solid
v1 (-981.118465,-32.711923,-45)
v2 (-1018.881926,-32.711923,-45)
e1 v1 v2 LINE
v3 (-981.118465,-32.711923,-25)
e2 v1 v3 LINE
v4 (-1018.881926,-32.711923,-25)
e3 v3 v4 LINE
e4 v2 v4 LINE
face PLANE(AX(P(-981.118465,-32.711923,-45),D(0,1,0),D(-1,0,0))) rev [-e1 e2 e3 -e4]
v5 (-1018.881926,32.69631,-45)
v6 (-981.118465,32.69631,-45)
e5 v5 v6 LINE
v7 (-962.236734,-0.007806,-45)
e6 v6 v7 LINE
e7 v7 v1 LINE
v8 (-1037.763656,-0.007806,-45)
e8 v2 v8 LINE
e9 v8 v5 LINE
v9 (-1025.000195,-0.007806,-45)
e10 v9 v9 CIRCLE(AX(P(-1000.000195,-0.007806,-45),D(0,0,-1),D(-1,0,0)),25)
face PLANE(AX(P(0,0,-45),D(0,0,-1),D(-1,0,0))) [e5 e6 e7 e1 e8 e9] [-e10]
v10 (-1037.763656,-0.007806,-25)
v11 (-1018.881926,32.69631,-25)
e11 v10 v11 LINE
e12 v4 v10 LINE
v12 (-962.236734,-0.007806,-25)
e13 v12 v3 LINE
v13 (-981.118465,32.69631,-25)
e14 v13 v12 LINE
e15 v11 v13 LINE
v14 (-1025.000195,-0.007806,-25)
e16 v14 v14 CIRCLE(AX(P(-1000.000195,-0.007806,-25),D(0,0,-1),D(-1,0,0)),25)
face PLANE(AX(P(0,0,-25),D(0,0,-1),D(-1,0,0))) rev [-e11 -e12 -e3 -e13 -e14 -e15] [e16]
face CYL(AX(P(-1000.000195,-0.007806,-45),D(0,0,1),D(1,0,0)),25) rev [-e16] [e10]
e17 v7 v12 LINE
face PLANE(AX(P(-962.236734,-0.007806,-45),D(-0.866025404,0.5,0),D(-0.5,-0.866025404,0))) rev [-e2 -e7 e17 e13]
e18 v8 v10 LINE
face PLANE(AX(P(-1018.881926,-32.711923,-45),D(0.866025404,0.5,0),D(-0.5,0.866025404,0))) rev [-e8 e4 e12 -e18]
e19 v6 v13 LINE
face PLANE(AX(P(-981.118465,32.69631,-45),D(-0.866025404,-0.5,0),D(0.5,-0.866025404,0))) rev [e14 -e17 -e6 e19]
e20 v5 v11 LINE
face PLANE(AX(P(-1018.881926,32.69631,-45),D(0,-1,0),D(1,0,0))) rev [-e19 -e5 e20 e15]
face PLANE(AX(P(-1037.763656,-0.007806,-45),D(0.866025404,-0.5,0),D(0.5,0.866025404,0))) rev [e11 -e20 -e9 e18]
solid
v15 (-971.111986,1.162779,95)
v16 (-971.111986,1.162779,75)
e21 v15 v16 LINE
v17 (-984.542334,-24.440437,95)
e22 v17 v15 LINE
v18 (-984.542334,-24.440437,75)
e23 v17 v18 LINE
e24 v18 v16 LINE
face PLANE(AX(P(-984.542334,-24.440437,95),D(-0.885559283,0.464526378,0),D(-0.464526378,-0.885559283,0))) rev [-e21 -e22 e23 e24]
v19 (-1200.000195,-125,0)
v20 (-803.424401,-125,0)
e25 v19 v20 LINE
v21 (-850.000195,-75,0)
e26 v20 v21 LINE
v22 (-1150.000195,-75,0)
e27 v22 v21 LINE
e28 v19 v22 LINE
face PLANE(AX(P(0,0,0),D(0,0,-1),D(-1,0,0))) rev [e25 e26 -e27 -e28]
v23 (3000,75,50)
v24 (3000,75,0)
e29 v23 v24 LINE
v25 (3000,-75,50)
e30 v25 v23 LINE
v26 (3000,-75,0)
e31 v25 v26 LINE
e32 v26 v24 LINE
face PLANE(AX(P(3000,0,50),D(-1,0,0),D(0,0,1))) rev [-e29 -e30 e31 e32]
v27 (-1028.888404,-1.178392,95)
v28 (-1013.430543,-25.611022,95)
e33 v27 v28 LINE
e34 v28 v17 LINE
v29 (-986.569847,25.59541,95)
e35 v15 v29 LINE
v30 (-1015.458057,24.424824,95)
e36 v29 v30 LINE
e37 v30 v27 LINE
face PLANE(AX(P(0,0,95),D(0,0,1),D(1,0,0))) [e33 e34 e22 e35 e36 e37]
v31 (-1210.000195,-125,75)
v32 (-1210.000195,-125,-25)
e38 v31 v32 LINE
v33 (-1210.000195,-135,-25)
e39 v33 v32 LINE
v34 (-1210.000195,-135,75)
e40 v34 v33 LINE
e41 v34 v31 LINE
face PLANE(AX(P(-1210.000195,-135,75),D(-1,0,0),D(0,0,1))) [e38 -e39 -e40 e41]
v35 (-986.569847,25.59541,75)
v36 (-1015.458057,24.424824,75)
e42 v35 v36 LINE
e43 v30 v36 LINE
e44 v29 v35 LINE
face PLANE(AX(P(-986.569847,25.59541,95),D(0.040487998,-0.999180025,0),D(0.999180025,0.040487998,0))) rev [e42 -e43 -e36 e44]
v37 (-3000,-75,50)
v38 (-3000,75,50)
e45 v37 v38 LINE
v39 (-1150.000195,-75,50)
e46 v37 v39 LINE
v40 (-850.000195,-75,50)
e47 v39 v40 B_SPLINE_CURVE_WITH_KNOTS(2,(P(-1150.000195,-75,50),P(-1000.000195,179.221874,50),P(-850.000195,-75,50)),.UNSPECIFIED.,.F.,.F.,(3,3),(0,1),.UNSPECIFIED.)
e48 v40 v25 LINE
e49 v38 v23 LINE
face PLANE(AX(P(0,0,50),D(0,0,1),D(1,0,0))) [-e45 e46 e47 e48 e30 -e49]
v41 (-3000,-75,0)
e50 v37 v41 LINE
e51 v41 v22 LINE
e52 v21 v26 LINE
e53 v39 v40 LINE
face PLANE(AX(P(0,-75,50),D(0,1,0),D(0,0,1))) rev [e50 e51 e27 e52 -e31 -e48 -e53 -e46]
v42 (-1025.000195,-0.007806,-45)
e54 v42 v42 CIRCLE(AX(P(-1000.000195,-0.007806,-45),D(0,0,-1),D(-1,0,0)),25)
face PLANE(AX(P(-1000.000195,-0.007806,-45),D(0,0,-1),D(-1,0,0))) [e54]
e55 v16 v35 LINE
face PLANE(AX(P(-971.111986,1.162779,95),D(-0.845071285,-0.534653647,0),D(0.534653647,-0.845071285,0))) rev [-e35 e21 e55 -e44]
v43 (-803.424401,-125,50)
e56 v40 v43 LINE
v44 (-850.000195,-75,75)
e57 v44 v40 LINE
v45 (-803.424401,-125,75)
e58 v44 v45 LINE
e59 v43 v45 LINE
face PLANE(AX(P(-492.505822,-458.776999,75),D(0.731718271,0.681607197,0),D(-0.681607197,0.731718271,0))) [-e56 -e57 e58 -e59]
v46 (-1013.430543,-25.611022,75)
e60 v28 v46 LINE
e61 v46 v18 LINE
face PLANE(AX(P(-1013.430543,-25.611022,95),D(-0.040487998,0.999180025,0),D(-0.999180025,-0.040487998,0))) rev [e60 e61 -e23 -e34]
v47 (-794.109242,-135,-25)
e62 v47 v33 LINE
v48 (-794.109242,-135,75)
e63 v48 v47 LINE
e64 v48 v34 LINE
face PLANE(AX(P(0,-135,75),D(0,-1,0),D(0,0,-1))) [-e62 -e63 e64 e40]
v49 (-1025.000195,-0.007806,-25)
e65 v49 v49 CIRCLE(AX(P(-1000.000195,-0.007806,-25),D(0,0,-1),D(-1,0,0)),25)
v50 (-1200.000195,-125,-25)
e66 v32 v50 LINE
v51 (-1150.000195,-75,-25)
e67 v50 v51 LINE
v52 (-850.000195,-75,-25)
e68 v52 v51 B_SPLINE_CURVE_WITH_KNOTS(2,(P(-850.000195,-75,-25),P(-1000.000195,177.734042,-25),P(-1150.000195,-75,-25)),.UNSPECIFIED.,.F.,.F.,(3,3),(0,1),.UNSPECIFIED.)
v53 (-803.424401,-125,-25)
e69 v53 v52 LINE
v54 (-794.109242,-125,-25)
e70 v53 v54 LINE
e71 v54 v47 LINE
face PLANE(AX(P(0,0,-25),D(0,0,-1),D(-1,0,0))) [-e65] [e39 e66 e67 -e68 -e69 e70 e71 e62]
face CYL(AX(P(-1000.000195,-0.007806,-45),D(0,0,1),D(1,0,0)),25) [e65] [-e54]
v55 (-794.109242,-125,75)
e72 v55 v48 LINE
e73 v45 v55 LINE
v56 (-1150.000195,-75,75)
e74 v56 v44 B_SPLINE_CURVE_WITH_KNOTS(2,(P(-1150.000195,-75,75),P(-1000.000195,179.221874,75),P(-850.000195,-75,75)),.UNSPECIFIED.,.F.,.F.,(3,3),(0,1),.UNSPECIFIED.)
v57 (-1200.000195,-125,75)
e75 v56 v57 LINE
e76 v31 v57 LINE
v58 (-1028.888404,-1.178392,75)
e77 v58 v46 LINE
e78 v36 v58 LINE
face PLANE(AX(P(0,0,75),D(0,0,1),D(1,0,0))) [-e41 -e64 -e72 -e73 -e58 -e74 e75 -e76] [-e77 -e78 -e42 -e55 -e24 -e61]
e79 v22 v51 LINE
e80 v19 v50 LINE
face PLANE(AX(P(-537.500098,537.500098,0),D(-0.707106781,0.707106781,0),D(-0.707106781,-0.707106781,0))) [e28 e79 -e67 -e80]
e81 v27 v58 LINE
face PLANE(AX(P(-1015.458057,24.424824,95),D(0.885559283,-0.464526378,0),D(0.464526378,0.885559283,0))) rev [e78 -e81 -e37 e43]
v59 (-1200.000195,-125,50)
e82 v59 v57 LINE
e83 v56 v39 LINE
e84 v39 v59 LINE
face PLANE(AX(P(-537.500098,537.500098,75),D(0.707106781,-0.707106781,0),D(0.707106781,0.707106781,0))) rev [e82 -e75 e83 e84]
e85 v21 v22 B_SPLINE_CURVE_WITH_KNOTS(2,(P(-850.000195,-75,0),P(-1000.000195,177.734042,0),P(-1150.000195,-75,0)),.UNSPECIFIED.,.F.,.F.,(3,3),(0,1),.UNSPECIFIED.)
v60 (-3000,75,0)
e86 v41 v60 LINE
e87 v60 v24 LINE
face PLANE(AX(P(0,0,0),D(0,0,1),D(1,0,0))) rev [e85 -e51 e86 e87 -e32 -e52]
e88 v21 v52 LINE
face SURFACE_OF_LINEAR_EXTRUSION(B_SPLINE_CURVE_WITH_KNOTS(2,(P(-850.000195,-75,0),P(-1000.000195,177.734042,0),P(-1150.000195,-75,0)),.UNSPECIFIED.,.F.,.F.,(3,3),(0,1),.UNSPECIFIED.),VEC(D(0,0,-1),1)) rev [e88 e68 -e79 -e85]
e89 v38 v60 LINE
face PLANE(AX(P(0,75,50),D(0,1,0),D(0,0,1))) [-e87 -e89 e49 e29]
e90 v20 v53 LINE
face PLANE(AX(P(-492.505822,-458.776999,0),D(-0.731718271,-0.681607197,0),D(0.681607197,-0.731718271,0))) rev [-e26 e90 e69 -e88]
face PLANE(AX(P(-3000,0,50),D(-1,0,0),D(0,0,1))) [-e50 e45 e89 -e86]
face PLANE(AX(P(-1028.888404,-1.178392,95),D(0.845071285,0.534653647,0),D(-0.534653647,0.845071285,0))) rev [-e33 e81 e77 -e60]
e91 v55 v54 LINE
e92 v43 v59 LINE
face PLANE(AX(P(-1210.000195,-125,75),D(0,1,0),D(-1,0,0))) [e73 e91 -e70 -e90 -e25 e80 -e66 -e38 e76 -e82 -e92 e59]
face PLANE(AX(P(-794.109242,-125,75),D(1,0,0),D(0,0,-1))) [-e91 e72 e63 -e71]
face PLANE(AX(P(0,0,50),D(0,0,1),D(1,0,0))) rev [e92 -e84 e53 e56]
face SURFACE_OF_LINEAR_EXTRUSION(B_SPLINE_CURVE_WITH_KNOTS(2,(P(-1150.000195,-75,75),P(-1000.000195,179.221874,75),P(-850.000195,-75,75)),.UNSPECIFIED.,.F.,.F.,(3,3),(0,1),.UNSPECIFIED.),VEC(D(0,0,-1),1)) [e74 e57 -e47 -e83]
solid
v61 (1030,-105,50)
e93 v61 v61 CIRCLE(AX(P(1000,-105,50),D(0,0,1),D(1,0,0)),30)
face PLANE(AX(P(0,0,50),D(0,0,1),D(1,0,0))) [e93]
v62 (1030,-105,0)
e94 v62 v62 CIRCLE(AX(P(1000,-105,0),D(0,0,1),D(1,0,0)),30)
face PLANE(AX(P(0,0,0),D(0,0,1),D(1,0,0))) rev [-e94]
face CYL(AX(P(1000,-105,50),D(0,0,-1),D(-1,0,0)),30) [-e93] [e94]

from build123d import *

# Parameters (mm, degrees)
SKETCH1_R                = 25
BOSS_EXTRUDE1_DEPTH      = 50
SKETCH1_R_2              = 30
BOSS_EXTRUDE1_2_DEPTH    = 50
SKETCH2_R                = 25
BOSS_EXTRUDE2_DEPTH      = 25
BOSS_EXTRUDE3_DEPTH      = 75
BOSS_EXTRUDE3_DEPTH_BACK = 25
SKETCH3_W                = 415.890953437
SKETCH3_H                = 10
SKETCH6_R                = 25
BOSS_EXTRUDE4_DEPTH      = 25
BOSS_EXTRUDE5_DEPTH      = 20
BOSS_EXTRUDE6_START      = 120
SKETCH10_R               = 25
BOSS_EXTRUDE6_DEPTH      = 120
SKETCH11_R               = 25
BOSS_EXTRUDE8_DEPTH      = 20


with BuildPart() as part:
    # Sketch1 → Boss-Extrude1 (new body)
    with BuildSketch(Plane.XY):
        Polygon((-3000, 75), (-3000, -75), (-1000, -75), (1000, -75), (3000, -75), (3000, 75), align=None)
        with Locations((-1000.00019516, -0.007806401)):
            Circle(SKETCH1_R, mode=Mode.SUBTRACT)
    extrude(amount=BOSS_EXTRUDE1_DEPTH)

    # Sketch2 → Boss-Extrude2 (add)
    with BuildSketch(Plane.XY.offset(50)):
        with BuildLine():
            Line((-1150.00019516, -75), (-1210.00019516, -135))
            Line((-1210.00019516, -135), (-794.109241723, -135))
            Line((-794.109241723, -135), (-850.00019516, -75))
            add(Edge.make_bspline(
                [(-1150.00019516, -75), (-1000.00019516, 179.221874073), (-850.00019516, -75)],
                knots=[0, 0, 0, 1, 1, 1], degree=2))
        make_face()
        with Locations((-1000.00019516, -0.007806401)):
            Circle(SKETCH2_R, mode=Mode.SUBTRACT)
    extrude(amount=BOSS_EXTRUDE2_DEPTH)

    # Sketch3 → Boss-Extrude3 (add, two sides: drawn at the far end of the back side and taken through both)
    with BuildSketch(Plane(origin=(0, 0, 50), x_dir=(-1, 0, 0), z_dir=(0, 0, -1)).offset(-BOSS_EXTRUDE3_DEPTH_BACK)):
        with Locations((1002.054718441, -130)):
            Rectangle(SKETCH3_W, SKETCH3_H)
    extrude(amount=BOSS_EXTRUDE3_DEPTH + BOSS_EXTRUDE3_DEPTH_BACK)

    # Sketch6 → Boss-Extrude4 (add)
    with BuildSketch(Plane(origin=(0, 0, -25), x_dir=(-1, 0, 0), z_dir=(0, 0, -1))):
        with BuildLine():
            Line((803.42440063, -125), (1200.00019516, -125))
            Line((1200.00019516, -125), (1150.00019516, -75))
            add(Edge.make_bspline(
                [(850.00019516, -75), (1000.00019516, 177.73404233), (1150.00019516, -75)],
                knots=[0, 0, 0, 1, 1, 1], degree=2))
            Line((850.00019516, -75), (803.42440063, -125))
        make_face()
        with Locations((1000.00019516, -0.007806401)):
            Circle(SKETCH6_R, mode=Mode.SUBTRACT)
    extrude(amount=-BOSS_EXTRUDE4_DEPTH)

    # Sketch8 → Boss-Extrude5 (add)
    with BuildSketch(Plane.XY.offset(75)):
        Polygon((-986.569847376, 25.59540955), (-1015.4580567, 24.424823937), (-1028.888404484, -1.178392013), (-1013.430542944, -25.611022351), (-984.542333621, -24.440436739), (-971.111985836, 1.162779212), align=None)
    extrude(amount=BOSS_EXTRUDE5_DEPTH)

    # Sketch10 → Boss-Extrude6 (add)
    with BuildSketch(Plane(origin=(0, 0, 75), x_dir=(-1, 0, 0), z_dir=(0, 0, -1)).offset(BOSS_EXTRUDE6_START)):
        with Locations((1000.00019516, -0.007806401)):
            Circle(SKETCH10_R)
    extrude(amount=-BOSS_EXTRUDE6_DEPTH)


with BuildPart() as body_2:
    # Sketch1 → Boss-Extrude1 2 (new body)
    with BuildSketch(Plane.XY):
        with Locations((1000, -105)):
            Circle(SKETCH1_R_2)
    extrude(amount=BOSS_EXTRUDE1_2_DEPTH)


with BuildPart() as body_3:
    # Sketch11 → Boss-Extrude8 (new body)
    with BuildSketch(Plane(origin=(0, 0, -25), x_dir=(-1, 0, 0), z_dir=(0, 0, -1))):
        Polygon((1018.881925628, 32.696310105), (981.118464692, 32.696310105), (962.236734224, -0.007806401), (981.118464692, -32.711922906), (1018.881925628, -32.711922906), (1037.763656096, -0.007806401), align=None)
        with Locations((1000.00019516, -0.007806401)):
            Circle(SKETCH11_R, mode=Mode.SUBTRACT)
    extrude(amount=BOSS_EXTRUDE8_DEPTH)


solid = Compound([part.part, body_2.part, body_3.part])
